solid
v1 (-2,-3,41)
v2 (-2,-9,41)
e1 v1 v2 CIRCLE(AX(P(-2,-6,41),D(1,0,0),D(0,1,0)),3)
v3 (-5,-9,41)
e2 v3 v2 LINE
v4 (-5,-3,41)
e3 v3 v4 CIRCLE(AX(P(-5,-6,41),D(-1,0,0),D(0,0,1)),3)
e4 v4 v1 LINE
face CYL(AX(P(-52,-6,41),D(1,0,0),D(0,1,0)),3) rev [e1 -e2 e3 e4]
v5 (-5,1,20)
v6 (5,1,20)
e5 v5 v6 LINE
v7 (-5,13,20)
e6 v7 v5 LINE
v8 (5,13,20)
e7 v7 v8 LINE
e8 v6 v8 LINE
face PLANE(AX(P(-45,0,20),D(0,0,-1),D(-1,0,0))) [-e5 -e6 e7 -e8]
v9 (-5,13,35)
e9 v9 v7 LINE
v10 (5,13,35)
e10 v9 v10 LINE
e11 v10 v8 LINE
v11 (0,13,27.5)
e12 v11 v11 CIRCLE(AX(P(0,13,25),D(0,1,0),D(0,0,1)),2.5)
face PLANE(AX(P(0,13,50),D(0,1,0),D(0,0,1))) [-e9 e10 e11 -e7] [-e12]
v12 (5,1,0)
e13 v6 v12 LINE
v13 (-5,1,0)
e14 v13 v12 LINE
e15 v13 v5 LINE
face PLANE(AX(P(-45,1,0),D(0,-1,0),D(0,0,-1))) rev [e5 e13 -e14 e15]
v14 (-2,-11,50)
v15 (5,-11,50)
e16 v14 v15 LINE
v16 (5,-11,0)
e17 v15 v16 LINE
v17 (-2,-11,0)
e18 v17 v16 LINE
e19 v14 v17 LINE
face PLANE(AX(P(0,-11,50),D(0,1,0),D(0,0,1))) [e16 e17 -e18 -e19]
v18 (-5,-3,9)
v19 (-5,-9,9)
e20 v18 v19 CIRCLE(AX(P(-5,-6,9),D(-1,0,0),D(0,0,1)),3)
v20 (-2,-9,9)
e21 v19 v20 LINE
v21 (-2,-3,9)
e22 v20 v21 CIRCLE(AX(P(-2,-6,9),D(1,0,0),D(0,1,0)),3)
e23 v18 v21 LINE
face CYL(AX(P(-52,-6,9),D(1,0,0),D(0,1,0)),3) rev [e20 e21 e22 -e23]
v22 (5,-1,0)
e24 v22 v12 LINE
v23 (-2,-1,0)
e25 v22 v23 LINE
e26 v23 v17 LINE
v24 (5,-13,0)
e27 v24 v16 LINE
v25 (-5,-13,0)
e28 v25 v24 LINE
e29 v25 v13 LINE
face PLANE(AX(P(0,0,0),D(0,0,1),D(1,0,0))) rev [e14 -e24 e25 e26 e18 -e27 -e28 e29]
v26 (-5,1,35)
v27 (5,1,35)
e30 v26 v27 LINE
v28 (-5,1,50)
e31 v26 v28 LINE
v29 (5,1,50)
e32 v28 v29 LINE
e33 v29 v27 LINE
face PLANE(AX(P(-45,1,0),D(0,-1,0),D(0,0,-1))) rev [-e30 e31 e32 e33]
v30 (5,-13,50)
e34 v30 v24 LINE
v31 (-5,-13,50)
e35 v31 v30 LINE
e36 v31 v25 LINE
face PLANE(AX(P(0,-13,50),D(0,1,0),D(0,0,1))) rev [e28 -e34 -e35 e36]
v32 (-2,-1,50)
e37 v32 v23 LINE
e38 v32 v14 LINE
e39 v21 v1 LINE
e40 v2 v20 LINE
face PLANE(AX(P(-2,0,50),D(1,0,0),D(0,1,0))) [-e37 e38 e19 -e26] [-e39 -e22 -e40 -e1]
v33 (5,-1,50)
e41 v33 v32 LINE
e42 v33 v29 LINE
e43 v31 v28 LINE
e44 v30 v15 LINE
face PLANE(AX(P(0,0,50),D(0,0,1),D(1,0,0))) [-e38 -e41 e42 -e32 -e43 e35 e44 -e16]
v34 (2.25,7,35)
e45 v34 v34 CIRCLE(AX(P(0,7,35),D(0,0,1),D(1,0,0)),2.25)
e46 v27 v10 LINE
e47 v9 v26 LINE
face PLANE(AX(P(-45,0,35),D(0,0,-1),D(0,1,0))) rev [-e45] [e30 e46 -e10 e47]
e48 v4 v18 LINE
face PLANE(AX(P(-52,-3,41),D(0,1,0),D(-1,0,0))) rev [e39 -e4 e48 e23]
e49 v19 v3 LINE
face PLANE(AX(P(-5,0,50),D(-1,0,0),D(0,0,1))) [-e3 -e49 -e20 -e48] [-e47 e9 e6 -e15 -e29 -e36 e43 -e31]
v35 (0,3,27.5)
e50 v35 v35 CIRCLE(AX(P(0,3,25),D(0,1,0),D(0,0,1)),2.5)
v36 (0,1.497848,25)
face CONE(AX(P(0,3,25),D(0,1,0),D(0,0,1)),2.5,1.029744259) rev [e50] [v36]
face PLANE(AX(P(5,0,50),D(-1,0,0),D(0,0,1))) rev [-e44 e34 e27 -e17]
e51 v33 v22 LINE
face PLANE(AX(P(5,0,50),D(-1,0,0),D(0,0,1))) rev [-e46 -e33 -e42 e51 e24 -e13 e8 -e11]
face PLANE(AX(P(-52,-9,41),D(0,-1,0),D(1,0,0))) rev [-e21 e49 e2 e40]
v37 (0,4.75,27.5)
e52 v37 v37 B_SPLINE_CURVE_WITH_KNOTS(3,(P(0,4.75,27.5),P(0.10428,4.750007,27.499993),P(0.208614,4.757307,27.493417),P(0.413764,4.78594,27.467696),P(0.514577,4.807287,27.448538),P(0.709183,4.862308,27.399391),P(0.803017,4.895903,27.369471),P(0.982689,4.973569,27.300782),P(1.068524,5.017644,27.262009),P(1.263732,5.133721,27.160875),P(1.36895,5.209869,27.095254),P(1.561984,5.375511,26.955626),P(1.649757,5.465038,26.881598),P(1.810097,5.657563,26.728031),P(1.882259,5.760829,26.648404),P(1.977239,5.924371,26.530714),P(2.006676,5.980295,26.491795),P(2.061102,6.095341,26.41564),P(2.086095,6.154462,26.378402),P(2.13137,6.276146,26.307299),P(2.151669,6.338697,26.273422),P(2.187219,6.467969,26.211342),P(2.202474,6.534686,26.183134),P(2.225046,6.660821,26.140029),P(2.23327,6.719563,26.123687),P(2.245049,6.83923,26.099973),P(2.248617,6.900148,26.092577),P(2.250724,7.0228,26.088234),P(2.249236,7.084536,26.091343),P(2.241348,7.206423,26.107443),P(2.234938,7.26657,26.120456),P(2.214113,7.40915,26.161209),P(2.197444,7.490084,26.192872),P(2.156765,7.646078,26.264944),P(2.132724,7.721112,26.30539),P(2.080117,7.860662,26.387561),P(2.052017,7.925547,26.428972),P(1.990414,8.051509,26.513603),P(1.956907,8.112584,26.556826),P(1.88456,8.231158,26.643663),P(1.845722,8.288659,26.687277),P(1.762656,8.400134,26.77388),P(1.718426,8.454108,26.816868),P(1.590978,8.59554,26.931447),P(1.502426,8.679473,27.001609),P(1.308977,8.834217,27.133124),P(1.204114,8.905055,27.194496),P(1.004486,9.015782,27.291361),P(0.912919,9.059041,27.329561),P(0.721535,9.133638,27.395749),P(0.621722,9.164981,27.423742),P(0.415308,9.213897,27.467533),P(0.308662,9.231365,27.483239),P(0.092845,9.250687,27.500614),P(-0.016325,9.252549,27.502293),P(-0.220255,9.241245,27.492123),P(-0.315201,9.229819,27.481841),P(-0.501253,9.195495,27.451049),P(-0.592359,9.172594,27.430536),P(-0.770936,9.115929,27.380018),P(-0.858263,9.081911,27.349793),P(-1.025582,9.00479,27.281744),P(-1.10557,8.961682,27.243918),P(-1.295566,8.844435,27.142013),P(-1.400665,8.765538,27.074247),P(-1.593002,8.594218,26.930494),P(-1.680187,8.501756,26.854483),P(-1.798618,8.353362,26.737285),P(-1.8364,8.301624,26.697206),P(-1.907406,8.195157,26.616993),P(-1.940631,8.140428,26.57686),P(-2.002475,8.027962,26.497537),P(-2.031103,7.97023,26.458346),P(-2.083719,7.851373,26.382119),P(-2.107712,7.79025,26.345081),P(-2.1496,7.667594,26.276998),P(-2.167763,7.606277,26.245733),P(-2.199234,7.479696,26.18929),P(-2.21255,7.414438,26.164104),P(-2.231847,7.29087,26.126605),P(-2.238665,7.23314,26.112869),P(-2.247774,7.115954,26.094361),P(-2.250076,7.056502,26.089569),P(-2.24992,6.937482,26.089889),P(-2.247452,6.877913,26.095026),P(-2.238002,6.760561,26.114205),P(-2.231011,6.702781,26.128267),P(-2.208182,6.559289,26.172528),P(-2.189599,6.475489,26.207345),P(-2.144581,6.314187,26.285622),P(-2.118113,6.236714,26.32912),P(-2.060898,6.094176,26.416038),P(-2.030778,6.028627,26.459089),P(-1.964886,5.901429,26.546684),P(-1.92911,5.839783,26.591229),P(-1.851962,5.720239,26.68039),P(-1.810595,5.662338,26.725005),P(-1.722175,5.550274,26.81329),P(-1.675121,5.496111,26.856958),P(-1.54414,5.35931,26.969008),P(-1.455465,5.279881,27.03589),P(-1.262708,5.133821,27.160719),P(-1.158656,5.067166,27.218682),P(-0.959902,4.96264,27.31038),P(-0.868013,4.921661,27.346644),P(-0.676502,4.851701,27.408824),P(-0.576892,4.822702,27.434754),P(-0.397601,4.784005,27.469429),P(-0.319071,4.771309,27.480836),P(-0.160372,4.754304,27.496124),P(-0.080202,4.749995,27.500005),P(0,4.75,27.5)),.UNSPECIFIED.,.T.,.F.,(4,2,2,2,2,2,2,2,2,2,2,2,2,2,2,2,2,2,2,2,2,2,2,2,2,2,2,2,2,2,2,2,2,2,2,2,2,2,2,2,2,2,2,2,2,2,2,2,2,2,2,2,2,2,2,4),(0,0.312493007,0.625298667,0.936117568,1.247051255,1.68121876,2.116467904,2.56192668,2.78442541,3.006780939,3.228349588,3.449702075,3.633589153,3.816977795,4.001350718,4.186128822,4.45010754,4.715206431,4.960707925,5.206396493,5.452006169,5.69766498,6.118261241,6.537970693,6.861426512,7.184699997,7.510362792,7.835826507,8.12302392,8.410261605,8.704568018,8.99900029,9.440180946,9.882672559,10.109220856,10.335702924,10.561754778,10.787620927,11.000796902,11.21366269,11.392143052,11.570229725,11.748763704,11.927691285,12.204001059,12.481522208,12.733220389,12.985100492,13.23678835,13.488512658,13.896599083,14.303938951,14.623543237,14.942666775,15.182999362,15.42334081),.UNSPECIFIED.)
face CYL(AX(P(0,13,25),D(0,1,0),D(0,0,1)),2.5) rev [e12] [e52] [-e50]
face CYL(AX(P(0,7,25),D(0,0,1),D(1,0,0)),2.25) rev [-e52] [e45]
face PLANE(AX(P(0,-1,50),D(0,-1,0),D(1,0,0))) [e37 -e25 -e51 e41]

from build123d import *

# Parameters (mm, degrees)
BOSS_EXTRUDE1_DEPTH       = 50
SKETCH2_W                 = 15
SKETCH2_H                 = 12
SKETCH2_W_2               = 20
CUT_EXTRUDE1_DEPTH        = 50
CUT_EXTRUDE2_DEPTH        = 50
F_5_0MM_DOWEL_HOLE1_D     = 5
F_5_0MM_DOWEL_HOLE1_DEPTH = 10
F_5_0MM_DOWEL_HOLE1_TIP   = 1.502151548
SKETCH7_R                 = 2.25
CUT_EXTRUDE3_DEPTH        = 10


with BuildPart() as part:
    # Sketch1 → Boss-Extrude1 (new body)
    with BuildSketch(Plane.XY):
        Polygon((-2, -1), (5, -1), (5, 13), (-5, 13), (-5, -13), (5, -13), (5, -11), (-2, -11), align=None)
    extrude(amount=BOSS_EXTRUDE1_DEPTH)

    # Sketch2 → Cut-Extrude1 (cut)
    with BuildSketch(Plane(origin=(5, 0, 0), x_dir=(0, 0, -1), z_dir=(1, 0, 0))):
        with Locations((-42.5, 7)):
            Rectangle(SKETCH2_W, SKETCH2_H)
        with Locations((-10, 7)):
            Rectangle(SKETCH2_W_2, SKETCH2_H)
    extrude(amount=-CUT_EXTRUDE1_DEPTH, mode=Mode.SUBTRACT)

    # Sketch3 → Cut-Extrude2 (cut)
    with BuildSketch(Plane(origin=(-2, 0, 0), x_dir=(0, 0, -1), z_dir=(1, 0, 0))):
        with BuildLine():
            Line((-41, -3), (-9, -3))
            ThreePointArc((-9, -3), (-6, -6), (-9, -9))
            Line((-9, -9), (-41, -9))
            ThreePointArc((-41, -9), (-44, -6), (-41, -3))
        make_face()
    extrude(amount=-CUT_EXTRUDE2_DEPTH, mode=Mode.SUBTRACT)

    # Ø5.0mm Dowel Hole1
    with Locations(Plane(origin=(0, 13, 0), x_dir=(1, 0, 0), z_dir=(0, 1, 0))):
        with Locations((0, -25)):
            Hole(F_5_0MM_DOWEL_HOLE1_D / 2, depth=F_5_0MM_DOWEL_HOLE1_DEPTH)
            with Locations((0, 0, -(F_5_0MM_DOWEL_HOLE1_DEPTH + F_5_0MM_DOWEL_HOLE1_TIP / 2))):  # 118° drill point
                Cone(0, F_5_0MM_DOWEL_HOLE1_D / 2, F_5_0MM_DOWEL_HOLE1_TIP, mode=Mode.SUBTRACT)

    # Sketch7 → Cut-Extrude3 (cut)
    with BuildSketch(Plane.XY.offset(35)):
        with Locations((0, 7)):
            Circle(SKETCH7_R)
    extrude(amount=-CUT_EXTRUDE3_DEPTH, mode=Mode.SUBTRACT)


solid = part.part
